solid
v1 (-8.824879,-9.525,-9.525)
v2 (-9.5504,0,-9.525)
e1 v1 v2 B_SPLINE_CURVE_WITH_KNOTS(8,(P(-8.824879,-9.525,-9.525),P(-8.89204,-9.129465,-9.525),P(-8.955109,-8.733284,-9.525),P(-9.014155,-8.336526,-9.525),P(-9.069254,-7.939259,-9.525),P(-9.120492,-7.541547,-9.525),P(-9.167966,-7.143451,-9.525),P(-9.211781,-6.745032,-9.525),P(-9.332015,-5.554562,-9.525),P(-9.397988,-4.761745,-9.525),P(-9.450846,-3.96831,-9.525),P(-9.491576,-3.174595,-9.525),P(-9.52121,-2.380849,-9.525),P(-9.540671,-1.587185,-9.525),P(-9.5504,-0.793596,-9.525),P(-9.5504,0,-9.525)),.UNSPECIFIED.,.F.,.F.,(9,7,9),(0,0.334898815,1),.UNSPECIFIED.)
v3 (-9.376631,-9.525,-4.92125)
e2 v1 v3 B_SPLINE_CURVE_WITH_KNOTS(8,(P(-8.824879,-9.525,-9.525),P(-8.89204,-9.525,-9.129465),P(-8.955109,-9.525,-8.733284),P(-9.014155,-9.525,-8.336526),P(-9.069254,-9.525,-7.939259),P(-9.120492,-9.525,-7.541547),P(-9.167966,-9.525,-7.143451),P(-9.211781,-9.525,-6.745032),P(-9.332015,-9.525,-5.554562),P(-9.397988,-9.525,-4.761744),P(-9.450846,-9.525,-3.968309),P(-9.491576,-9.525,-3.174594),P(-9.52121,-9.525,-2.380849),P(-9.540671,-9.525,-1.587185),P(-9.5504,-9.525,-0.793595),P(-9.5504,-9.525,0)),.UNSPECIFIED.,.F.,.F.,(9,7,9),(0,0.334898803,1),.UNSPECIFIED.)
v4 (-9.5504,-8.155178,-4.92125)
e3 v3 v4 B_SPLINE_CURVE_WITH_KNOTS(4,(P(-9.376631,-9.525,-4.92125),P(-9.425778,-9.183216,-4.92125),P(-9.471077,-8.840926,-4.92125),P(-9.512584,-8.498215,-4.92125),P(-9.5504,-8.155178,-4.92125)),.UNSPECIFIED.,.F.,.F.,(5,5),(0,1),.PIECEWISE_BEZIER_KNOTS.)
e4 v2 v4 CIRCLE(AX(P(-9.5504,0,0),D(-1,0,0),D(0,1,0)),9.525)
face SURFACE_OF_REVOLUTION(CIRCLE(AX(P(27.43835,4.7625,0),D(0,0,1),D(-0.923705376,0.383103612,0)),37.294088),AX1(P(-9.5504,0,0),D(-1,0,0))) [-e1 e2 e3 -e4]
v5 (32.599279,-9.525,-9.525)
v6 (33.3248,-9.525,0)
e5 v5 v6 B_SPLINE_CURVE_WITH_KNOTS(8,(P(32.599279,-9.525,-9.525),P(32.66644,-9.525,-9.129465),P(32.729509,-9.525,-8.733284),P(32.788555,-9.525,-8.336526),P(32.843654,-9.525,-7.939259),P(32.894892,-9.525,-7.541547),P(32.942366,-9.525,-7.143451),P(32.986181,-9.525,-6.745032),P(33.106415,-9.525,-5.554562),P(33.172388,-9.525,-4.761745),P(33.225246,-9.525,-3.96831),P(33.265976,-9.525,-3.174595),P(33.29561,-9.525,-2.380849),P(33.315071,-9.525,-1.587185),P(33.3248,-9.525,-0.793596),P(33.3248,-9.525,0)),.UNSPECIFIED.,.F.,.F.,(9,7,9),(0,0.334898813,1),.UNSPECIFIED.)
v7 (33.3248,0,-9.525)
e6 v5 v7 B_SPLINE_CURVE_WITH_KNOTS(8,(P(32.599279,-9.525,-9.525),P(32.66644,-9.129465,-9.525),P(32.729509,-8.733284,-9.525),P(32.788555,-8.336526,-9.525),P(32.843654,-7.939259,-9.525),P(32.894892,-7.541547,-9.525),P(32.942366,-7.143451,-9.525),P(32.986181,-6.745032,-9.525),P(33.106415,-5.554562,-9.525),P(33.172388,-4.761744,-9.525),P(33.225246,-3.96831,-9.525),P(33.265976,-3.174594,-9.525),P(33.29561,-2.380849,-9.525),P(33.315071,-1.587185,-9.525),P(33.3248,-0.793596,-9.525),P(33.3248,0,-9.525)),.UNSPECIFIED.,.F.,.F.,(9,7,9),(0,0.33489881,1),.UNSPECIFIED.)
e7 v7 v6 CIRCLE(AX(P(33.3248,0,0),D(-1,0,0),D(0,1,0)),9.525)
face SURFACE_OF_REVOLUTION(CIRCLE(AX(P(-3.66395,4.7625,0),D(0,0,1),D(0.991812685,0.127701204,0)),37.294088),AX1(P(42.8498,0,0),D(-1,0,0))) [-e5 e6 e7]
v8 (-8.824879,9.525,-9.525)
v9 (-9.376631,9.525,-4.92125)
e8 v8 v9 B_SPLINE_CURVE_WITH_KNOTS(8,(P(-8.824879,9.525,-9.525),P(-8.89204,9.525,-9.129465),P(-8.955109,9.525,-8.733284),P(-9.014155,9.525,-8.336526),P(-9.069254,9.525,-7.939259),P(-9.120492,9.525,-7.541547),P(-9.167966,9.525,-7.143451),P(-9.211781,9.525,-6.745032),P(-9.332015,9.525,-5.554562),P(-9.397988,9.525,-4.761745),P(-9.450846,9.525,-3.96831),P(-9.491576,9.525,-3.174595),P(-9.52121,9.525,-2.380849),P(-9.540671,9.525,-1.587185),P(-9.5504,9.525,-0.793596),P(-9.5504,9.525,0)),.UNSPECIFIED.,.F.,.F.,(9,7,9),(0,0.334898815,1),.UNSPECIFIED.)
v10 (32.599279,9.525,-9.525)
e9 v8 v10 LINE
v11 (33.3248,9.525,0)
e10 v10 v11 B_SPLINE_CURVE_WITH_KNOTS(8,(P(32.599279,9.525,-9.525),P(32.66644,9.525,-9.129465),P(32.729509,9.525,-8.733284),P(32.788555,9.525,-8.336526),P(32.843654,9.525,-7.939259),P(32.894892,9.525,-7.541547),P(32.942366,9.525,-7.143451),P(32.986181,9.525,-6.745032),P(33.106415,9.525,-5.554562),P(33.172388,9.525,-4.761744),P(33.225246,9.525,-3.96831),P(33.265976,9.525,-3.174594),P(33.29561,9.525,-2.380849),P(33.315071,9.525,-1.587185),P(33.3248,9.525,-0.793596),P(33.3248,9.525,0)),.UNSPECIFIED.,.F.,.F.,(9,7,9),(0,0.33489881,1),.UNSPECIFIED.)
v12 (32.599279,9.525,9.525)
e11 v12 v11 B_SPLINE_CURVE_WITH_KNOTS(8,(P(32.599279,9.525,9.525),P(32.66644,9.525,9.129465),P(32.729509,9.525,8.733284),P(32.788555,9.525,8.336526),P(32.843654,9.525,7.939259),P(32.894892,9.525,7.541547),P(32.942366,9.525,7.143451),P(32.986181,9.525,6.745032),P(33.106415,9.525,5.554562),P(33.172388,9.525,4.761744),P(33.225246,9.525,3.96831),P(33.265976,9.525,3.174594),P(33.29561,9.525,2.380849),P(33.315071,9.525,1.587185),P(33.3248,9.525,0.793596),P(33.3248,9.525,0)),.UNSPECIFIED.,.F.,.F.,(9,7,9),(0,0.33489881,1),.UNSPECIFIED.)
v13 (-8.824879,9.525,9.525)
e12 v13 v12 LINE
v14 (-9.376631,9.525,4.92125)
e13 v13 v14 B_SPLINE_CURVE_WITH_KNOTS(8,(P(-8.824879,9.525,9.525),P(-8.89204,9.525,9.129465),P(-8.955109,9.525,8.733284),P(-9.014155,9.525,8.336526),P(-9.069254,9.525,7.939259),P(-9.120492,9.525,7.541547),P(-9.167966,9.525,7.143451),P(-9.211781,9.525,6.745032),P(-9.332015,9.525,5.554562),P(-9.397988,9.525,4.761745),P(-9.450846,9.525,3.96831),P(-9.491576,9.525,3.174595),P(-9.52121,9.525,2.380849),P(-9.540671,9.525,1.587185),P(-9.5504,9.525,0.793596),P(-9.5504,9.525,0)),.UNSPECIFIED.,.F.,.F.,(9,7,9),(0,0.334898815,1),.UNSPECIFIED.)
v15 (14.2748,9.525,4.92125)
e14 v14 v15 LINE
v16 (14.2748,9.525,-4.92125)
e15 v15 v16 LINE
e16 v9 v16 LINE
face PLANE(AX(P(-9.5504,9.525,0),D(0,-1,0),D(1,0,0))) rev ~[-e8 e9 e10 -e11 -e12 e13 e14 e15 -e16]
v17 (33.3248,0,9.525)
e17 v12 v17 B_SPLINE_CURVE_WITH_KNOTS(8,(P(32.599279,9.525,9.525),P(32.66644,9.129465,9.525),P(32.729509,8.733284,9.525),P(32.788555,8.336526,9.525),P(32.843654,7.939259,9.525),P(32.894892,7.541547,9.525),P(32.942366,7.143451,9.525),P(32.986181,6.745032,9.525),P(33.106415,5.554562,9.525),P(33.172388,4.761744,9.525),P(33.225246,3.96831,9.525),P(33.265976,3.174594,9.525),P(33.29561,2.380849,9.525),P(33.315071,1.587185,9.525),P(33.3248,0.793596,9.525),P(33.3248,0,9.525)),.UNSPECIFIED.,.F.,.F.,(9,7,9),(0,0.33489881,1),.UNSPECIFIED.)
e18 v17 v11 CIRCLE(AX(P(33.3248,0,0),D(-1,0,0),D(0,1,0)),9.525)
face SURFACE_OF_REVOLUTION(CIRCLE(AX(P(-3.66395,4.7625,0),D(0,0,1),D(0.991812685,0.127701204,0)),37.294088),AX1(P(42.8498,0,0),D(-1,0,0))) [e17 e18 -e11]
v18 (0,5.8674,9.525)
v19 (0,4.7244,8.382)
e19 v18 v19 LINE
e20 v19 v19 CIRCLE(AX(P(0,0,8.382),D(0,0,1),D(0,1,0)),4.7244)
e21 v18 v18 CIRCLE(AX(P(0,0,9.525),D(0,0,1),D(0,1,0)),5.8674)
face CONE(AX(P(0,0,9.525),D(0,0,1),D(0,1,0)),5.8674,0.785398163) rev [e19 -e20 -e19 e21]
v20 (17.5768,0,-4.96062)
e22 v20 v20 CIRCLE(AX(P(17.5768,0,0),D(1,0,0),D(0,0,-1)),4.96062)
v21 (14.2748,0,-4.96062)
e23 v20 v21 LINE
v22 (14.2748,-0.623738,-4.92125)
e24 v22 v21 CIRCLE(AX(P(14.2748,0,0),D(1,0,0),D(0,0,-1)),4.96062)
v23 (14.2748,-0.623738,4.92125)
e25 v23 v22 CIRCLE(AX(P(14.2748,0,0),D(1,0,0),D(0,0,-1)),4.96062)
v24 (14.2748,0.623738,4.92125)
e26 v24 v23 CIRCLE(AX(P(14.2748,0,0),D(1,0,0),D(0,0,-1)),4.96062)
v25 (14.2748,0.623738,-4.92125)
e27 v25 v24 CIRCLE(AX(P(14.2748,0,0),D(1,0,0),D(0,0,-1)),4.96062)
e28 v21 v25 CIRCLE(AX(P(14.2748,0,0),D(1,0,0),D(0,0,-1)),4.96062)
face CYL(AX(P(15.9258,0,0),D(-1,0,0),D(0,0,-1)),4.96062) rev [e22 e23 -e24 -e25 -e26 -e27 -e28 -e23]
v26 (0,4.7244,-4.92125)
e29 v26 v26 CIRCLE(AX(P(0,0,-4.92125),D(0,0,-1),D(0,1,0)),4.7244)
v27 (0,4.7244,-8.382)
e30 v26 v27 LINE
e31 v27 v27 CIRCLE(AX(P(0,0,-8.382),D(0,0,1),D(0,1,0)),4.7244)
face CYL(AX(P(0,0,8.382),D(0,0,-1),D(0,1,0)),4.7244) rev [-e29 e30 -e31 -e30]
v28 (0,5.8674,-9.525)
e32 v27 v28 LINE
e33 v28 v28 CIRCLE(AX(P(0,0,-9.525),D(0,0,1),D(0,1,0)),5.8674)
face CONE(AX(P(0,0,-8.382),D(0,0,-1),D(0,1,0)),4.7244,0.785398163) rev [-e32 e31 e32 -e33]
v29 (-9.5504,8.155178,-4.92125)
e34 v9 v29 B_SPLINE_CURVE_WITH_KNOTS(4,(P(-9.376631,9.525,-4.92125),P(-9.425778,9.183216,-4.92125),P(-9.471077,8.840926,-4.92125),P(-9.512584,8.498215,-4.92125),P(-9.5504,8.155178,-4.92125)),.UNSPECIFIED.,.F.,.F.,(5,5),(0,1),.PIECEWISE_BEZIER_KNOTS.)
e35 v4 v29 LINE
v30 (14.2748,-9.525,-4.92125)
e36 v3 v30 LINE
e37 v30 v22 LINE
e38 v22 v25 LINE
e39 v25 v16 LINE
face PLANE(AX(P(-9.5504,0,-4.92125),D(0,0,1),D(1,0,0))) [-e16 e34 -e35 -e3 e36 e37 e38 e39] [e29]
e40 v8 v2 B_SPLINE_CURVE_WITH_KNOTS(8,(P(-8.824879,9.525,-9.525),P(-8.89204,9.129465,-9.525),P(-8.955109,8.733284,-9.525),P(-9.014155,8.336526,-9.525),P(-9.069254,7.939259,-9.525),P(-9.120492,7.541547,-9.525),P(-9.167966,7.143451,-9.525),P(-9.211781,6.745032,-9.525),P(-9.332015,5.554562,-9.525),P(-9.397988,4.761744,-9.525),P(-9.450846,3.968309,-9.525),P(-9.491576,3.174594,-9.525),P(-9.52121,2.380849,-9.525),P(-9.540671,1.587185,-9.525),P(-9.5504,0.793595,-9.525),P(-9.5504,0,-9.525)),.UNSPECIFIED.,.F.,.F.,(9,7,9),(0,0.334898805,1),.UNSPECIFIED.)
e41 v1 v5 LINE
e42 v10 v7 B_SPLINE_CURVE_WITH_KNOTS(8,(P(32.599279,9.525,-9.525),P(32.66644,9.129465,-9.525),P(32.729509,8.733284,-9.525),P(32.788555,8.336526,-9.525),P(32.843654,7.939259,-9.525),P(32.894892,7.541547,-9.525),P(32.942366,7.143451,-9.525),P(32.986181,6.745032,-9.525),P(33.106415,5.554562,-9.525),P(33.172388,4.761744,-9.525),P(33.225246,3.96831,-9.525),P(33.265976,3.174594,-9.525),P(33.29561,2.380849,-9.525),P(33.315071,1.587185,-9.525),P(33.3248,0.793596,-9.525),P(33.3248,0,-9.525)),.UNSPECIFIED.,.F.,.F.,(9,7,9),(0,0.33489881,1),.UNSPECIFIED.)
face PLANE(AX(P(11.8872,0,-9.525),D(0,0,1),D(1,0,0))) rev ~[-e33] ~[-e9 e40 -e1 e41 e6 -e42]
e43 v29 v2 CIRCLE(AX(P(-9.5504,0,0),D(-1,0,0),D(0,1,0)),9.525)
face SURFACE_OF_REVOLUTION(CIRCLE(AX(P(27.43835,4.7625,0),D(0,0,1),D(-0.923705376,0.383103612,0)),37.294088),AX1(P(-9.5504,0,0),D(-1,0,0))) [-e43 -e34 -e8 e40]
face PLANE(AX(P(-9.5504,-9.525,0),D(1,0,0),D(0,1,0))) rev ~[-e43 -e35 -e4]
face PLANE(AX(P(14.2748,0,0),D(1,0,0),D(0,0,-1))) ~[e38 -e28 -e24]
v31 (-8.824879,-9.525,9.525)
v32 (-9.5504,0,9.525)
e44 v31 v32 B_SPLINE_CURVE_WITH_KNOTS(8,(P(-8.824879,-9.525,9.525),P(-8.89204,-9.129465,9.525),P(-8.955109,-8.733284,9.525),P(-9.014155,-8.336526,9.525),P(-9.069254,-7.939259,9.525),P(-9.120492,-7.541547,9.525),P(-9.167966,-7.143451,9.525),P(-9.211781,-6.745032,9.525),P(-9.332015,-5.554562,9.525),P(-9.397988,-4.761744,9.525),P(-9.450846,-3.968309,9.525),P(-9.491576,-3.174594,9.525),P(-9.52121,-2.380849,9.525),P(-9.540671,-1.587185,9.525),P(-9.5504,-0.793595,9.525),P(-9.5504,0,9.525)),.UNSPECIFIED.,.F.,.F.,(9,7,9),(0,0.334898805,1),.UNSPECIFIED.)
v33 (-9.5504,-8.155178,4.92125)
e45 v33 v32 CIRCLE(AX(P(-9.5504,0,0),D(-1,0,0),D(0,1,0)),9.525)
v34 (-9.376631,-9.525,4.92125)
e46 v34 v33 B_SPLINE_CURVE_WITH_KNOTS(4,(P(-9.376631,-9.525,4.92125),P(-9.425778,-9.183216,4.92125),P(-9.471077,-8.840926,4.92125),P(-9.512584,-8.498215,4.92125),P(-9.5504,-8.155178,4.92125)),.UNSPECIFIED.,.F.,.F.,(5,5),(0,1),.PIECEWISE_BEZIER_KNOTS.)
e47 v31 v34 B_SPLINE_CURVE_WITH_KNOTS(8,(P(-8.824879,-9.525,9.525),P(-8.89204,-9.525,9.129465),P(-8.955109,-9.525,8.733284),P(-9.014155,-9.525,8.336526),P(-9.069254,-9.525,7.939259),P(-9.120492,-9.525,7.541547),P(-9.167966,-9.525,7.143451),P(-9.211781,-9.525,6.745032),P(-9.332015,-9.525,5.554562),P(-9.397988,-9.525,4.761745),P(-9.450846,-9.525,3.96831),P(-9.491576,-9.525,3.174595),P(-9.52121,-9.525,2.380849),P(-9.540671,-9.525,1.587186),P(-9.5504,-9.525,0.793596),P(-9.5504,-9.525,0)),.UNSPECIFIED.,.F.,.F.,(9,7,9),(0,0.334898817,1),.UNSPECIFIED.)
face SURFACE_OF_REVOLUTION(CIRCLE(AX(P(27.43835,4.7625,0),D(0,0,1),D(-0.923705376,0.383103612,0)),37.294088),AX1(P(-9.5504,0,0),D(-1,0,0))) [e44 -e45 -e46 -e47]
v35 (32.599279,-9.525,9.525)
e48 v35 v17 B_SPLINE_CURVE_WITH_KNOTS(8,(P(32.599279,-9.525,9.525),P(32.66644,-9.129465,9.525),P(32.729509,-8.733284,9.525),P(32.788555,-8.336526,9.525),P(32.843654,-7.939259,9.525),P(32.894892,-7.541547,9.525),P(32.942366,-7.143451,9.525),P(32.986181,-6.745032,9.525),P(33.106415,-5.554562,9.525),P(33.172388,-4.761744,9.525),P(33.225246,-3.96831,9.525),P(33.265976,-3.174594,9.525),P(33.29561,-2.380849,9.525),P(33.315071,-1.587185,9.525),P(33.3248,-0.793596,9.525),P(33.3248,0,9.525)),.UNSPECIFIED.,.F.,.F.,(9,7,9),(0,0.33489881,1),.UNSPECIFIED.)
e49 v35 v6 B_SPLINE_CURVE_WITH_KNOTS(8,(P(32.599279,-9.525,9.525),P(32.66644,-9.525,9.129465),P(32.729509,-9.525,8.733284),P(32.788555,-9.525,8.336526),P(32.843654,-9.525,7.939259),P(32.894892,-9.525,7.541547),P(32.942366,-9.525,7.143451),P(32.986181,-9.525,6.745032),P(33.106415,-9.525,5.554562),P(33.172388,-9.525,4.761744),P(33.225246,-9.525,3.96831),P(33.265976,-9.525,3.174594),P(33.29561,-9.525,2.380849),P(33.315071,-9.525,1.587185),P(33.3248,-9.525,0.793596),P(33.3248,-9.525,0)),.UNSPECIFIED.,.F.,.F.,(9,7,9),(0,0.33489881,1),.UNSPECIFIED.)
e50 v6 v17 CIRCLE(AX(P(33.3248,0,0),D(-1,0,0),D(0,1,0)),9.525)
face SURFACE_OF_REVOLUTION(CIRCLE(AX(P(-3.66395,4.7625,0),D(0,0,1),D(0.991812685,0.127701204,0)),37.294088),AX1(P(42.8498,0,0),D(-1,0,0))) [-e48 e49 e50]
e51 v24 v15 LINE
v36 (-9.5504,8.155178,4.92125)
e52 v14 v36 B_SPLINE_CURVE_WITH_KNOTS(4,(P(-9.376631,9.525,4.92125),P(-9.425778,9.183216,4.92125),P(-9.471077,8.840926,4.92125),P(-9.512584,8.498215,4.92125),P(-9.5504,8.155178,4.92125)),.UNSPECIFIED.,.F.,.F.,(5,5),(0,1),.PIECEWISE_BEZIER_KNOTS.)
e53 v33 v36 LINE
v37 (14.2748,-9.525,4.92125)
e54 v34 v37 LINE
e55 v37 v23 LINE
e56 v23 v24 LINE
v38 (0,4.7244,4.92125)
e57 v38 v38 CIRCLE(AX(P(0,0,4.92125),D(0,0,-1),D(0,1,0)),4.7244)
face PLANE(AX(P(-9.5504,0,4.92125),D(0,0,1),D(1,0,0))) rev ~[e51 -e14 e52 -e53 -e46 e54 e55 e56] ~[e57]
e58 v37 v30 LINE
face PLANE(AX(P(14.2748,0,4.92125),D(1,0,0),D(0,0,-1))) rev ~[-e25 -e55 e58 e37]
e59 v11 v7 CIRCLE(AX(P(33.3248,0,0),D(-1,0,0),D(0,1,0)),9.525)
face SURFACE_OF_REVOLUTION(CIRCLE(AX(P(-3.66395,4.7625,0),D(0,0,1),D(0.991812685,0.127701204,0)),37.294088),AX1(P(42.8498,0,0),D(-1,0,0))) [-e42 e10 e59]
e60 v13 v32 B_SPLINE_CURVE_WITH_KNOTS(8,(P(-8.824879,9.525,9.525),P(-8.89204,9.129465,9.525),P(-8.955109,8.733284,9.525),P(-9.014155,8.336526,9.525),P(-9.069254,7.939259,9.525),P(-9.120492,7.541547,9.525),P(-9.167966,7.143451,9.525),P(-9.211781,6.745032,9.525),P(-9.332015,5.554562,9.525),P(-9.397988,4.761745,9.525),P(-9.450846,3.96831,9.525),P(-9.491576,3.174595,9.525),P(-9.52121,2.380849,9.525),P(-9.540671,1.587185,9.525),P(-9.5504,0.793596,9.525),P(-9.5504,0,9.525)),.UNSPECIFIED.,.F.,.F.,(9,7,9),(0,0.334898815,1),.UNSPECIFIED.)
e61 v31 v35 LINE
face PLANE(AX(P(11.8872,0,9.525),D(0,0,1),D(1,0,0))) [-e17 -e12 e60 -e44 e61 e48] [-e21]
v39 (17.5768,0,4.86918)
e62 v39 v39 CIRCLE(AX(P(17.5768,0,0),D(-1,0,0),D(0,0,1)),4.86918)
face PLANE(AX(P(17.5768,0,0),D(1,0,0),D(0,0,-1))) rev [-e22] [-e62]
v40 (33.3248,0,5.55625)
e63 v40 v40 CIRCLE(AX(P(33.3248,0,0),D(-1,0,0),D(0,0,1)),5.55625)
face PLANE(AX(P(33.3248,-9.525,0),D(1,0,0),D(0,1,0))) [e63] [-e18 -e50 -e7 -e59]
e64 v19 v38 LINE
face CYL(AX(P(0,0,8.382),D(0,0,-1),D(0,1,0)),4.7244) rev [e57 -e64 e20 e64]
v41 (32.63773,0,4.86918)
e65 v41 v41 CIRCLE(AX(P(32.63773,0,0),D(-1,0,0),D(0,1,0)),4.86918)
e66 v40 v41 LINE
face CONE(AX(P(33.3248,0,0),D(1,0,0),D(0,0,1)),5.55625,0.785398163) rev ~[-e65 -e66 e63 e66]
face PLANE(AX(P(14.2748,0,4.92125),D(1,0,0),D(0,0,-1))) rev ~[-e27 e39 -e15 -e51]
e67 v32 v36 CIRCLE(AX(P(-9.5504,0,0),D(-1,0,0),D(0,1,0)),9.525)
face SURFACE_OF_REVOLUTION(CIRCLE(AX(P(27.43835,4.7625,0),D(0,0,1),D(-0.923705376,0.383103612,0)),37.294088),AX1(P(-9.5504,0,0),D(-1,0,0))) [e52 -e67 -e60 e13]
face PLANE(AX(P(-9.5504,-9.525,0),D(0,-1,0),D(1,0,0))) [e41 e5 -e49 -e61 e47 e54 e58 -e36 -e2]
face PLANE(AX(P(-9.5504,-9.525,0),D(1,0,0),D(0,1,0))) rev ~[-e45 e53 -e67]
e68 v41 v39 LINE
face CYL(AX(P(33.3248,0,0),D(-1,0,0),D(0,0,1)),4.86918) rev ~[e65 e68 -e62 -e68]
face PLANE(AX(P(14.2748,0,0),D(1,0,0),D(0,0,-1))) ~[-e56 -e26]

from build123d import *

# Parameters (mm, degrees)
BOSS_EXTRUDE1_DEPTH      = 9.525
BOSS_EXTRUDE1_DEPTH_BACK = 9.525
SKETCH1_W                = 42.8752
SKETCH1_H                = 19.05
CUT_EXTRUDE1_DEPTH       = 9.525
CUT_EXTRUDE1_DEPTH_BACK  = 9.525
SKETCH2_W                = 23.8252
SKETCH2_H                = 9.8425
HOLE1_D                  = 9.73836
HOLE1_DEPTH              = 15.748
HOLE1_CSINK_D            = 11.1125
HOLE1_CSINK_ANGLE        = 90
SKETCH5_W                = 4.96062
SKETCH5_H                = 3.302


with BuildPart() as part:
    # Sketch1 → Boss-Extrude1 (new, two sides: drawn at the far end of the back side and taken through both)
    with BuildSketch(Plane.XY.offset(-BOSS_EXTRUDE1_DEPTH_BACK)):
        with Locations((11.8872, 0)):
            Rectangle(SKETCH1_W, SKETCH1_H)
    extrude(amount=BOSS_EXTRUDE1_DEPTH + BOSS_EXTRUDE1_DEPTH_BACK)

    # Sketch2 → Cut-Extrude1 (cut, two sides: drawn at the far end of the back side and taken through both)
    with BuildSketch(Plane(origin=(0, 0, 0), x_dir=(1, 0, 0), z_dir=(0, 1, 0)).offset(-CUT_EXTRUDE1_DEPTH_BACK)):
        with Locations((2.3622, 0)):
            Rectangle(SKETCH2_W, SKETCH2_H)
    extrude(amount=CUT_EXTRUDE1_DEPTH + CUT_EXTRUDE1_DEPTH_BACK, mode=Mode.SUBTRACT)

    # Hole1
    with Locations(Plane(origin=(33.3248, 0, 0), x_dir=(0, 0, -1), z_dir=(1, 0, 0))):
        with Locations((0, 0)):
            CounterSinkHole(HOLE1_D / 2, HOLE1_CSINK_D / 2, depth=HOLE1_DEPTH, counter_sink_angle=HOLE1_CSINK_ANGLE)

    # Sketch5 → Hole2 (revolve, cut)
    with BuildSketch(Plane(origin=(17.5768, 0, 0), x_dir=(0, 0, -1), z_dir=(0, 1, 0))):
        with Locations((2.48031, 1.651)):
            Rectangle(SKETCH5_W, SKETCH5_H)
    revolve(axis=Axis((-92.4232, 0, 0), (1, 0, 0)), mode=Mode.SUBTRACT)

    # Sketch7 → Cut-Revolve1 (revolve, cut)
    with BuildSketch(Plane(origin=(0, 0, 0), x_dir=(0, 0, -1), z_dir=(1, 0, 0))):
        Polygon((-9.525, 0), (-9.525, 5.8674), (-8.382, 4.7244), (8.382, 4.7244), (9.525, 5.8674), (9.525, 0), align=None)
    revolve(axis=Axis((0, 0, -9.525), (0, 0, 1)), mode=Mode.SUBTRACT)

    # Sketch8 → Cut-Revolve2 (revolve, cut)
    with BuildSketch(Plane.XY):
        with BuildLine():
            Line((33.3248, 0), (33.3248, 9.525))
            ThreePointArc((33.3248, 9.525), (32.370901294, 14.371793679), (30.7848, 19.05))
            Line((30.7848, 19.05), (42.8498, 19.05))
            Line((42.8498, 19.05), (42.8498, 0))
            Line((42.8498, 0), (33.3248, 0))
        make_face()
    revolve(axis=Axis((42.8498, 0, 0), (-1, 0, 0)), mode=Mode.SUBTRACT)

    # Sketch9 → Cut-Revolve3 (revolve, cut)
    with BuildSketch(Plane.XY):
        with BuildLine():
            Line((-19.0754, 0), (-19.0754, 19.05))
            Line((-19.0754, 19.05), (-7.0104, 19.05))
            ThreePointArc((-7.0104, 19.05), (-8.596501294, 14.371793679), (-9.5504, 9.525))
            Line((-9.5504, 9.525), (-9.5504, 0))
            Line((-9.5504, 0), (-19.0754, 0))
        make_face()
    revolve(axis=Axis((-9.5504, 0, 0), (-1, 0, 0)), mode=Mode.SUBTRACT)


solid = part.part
